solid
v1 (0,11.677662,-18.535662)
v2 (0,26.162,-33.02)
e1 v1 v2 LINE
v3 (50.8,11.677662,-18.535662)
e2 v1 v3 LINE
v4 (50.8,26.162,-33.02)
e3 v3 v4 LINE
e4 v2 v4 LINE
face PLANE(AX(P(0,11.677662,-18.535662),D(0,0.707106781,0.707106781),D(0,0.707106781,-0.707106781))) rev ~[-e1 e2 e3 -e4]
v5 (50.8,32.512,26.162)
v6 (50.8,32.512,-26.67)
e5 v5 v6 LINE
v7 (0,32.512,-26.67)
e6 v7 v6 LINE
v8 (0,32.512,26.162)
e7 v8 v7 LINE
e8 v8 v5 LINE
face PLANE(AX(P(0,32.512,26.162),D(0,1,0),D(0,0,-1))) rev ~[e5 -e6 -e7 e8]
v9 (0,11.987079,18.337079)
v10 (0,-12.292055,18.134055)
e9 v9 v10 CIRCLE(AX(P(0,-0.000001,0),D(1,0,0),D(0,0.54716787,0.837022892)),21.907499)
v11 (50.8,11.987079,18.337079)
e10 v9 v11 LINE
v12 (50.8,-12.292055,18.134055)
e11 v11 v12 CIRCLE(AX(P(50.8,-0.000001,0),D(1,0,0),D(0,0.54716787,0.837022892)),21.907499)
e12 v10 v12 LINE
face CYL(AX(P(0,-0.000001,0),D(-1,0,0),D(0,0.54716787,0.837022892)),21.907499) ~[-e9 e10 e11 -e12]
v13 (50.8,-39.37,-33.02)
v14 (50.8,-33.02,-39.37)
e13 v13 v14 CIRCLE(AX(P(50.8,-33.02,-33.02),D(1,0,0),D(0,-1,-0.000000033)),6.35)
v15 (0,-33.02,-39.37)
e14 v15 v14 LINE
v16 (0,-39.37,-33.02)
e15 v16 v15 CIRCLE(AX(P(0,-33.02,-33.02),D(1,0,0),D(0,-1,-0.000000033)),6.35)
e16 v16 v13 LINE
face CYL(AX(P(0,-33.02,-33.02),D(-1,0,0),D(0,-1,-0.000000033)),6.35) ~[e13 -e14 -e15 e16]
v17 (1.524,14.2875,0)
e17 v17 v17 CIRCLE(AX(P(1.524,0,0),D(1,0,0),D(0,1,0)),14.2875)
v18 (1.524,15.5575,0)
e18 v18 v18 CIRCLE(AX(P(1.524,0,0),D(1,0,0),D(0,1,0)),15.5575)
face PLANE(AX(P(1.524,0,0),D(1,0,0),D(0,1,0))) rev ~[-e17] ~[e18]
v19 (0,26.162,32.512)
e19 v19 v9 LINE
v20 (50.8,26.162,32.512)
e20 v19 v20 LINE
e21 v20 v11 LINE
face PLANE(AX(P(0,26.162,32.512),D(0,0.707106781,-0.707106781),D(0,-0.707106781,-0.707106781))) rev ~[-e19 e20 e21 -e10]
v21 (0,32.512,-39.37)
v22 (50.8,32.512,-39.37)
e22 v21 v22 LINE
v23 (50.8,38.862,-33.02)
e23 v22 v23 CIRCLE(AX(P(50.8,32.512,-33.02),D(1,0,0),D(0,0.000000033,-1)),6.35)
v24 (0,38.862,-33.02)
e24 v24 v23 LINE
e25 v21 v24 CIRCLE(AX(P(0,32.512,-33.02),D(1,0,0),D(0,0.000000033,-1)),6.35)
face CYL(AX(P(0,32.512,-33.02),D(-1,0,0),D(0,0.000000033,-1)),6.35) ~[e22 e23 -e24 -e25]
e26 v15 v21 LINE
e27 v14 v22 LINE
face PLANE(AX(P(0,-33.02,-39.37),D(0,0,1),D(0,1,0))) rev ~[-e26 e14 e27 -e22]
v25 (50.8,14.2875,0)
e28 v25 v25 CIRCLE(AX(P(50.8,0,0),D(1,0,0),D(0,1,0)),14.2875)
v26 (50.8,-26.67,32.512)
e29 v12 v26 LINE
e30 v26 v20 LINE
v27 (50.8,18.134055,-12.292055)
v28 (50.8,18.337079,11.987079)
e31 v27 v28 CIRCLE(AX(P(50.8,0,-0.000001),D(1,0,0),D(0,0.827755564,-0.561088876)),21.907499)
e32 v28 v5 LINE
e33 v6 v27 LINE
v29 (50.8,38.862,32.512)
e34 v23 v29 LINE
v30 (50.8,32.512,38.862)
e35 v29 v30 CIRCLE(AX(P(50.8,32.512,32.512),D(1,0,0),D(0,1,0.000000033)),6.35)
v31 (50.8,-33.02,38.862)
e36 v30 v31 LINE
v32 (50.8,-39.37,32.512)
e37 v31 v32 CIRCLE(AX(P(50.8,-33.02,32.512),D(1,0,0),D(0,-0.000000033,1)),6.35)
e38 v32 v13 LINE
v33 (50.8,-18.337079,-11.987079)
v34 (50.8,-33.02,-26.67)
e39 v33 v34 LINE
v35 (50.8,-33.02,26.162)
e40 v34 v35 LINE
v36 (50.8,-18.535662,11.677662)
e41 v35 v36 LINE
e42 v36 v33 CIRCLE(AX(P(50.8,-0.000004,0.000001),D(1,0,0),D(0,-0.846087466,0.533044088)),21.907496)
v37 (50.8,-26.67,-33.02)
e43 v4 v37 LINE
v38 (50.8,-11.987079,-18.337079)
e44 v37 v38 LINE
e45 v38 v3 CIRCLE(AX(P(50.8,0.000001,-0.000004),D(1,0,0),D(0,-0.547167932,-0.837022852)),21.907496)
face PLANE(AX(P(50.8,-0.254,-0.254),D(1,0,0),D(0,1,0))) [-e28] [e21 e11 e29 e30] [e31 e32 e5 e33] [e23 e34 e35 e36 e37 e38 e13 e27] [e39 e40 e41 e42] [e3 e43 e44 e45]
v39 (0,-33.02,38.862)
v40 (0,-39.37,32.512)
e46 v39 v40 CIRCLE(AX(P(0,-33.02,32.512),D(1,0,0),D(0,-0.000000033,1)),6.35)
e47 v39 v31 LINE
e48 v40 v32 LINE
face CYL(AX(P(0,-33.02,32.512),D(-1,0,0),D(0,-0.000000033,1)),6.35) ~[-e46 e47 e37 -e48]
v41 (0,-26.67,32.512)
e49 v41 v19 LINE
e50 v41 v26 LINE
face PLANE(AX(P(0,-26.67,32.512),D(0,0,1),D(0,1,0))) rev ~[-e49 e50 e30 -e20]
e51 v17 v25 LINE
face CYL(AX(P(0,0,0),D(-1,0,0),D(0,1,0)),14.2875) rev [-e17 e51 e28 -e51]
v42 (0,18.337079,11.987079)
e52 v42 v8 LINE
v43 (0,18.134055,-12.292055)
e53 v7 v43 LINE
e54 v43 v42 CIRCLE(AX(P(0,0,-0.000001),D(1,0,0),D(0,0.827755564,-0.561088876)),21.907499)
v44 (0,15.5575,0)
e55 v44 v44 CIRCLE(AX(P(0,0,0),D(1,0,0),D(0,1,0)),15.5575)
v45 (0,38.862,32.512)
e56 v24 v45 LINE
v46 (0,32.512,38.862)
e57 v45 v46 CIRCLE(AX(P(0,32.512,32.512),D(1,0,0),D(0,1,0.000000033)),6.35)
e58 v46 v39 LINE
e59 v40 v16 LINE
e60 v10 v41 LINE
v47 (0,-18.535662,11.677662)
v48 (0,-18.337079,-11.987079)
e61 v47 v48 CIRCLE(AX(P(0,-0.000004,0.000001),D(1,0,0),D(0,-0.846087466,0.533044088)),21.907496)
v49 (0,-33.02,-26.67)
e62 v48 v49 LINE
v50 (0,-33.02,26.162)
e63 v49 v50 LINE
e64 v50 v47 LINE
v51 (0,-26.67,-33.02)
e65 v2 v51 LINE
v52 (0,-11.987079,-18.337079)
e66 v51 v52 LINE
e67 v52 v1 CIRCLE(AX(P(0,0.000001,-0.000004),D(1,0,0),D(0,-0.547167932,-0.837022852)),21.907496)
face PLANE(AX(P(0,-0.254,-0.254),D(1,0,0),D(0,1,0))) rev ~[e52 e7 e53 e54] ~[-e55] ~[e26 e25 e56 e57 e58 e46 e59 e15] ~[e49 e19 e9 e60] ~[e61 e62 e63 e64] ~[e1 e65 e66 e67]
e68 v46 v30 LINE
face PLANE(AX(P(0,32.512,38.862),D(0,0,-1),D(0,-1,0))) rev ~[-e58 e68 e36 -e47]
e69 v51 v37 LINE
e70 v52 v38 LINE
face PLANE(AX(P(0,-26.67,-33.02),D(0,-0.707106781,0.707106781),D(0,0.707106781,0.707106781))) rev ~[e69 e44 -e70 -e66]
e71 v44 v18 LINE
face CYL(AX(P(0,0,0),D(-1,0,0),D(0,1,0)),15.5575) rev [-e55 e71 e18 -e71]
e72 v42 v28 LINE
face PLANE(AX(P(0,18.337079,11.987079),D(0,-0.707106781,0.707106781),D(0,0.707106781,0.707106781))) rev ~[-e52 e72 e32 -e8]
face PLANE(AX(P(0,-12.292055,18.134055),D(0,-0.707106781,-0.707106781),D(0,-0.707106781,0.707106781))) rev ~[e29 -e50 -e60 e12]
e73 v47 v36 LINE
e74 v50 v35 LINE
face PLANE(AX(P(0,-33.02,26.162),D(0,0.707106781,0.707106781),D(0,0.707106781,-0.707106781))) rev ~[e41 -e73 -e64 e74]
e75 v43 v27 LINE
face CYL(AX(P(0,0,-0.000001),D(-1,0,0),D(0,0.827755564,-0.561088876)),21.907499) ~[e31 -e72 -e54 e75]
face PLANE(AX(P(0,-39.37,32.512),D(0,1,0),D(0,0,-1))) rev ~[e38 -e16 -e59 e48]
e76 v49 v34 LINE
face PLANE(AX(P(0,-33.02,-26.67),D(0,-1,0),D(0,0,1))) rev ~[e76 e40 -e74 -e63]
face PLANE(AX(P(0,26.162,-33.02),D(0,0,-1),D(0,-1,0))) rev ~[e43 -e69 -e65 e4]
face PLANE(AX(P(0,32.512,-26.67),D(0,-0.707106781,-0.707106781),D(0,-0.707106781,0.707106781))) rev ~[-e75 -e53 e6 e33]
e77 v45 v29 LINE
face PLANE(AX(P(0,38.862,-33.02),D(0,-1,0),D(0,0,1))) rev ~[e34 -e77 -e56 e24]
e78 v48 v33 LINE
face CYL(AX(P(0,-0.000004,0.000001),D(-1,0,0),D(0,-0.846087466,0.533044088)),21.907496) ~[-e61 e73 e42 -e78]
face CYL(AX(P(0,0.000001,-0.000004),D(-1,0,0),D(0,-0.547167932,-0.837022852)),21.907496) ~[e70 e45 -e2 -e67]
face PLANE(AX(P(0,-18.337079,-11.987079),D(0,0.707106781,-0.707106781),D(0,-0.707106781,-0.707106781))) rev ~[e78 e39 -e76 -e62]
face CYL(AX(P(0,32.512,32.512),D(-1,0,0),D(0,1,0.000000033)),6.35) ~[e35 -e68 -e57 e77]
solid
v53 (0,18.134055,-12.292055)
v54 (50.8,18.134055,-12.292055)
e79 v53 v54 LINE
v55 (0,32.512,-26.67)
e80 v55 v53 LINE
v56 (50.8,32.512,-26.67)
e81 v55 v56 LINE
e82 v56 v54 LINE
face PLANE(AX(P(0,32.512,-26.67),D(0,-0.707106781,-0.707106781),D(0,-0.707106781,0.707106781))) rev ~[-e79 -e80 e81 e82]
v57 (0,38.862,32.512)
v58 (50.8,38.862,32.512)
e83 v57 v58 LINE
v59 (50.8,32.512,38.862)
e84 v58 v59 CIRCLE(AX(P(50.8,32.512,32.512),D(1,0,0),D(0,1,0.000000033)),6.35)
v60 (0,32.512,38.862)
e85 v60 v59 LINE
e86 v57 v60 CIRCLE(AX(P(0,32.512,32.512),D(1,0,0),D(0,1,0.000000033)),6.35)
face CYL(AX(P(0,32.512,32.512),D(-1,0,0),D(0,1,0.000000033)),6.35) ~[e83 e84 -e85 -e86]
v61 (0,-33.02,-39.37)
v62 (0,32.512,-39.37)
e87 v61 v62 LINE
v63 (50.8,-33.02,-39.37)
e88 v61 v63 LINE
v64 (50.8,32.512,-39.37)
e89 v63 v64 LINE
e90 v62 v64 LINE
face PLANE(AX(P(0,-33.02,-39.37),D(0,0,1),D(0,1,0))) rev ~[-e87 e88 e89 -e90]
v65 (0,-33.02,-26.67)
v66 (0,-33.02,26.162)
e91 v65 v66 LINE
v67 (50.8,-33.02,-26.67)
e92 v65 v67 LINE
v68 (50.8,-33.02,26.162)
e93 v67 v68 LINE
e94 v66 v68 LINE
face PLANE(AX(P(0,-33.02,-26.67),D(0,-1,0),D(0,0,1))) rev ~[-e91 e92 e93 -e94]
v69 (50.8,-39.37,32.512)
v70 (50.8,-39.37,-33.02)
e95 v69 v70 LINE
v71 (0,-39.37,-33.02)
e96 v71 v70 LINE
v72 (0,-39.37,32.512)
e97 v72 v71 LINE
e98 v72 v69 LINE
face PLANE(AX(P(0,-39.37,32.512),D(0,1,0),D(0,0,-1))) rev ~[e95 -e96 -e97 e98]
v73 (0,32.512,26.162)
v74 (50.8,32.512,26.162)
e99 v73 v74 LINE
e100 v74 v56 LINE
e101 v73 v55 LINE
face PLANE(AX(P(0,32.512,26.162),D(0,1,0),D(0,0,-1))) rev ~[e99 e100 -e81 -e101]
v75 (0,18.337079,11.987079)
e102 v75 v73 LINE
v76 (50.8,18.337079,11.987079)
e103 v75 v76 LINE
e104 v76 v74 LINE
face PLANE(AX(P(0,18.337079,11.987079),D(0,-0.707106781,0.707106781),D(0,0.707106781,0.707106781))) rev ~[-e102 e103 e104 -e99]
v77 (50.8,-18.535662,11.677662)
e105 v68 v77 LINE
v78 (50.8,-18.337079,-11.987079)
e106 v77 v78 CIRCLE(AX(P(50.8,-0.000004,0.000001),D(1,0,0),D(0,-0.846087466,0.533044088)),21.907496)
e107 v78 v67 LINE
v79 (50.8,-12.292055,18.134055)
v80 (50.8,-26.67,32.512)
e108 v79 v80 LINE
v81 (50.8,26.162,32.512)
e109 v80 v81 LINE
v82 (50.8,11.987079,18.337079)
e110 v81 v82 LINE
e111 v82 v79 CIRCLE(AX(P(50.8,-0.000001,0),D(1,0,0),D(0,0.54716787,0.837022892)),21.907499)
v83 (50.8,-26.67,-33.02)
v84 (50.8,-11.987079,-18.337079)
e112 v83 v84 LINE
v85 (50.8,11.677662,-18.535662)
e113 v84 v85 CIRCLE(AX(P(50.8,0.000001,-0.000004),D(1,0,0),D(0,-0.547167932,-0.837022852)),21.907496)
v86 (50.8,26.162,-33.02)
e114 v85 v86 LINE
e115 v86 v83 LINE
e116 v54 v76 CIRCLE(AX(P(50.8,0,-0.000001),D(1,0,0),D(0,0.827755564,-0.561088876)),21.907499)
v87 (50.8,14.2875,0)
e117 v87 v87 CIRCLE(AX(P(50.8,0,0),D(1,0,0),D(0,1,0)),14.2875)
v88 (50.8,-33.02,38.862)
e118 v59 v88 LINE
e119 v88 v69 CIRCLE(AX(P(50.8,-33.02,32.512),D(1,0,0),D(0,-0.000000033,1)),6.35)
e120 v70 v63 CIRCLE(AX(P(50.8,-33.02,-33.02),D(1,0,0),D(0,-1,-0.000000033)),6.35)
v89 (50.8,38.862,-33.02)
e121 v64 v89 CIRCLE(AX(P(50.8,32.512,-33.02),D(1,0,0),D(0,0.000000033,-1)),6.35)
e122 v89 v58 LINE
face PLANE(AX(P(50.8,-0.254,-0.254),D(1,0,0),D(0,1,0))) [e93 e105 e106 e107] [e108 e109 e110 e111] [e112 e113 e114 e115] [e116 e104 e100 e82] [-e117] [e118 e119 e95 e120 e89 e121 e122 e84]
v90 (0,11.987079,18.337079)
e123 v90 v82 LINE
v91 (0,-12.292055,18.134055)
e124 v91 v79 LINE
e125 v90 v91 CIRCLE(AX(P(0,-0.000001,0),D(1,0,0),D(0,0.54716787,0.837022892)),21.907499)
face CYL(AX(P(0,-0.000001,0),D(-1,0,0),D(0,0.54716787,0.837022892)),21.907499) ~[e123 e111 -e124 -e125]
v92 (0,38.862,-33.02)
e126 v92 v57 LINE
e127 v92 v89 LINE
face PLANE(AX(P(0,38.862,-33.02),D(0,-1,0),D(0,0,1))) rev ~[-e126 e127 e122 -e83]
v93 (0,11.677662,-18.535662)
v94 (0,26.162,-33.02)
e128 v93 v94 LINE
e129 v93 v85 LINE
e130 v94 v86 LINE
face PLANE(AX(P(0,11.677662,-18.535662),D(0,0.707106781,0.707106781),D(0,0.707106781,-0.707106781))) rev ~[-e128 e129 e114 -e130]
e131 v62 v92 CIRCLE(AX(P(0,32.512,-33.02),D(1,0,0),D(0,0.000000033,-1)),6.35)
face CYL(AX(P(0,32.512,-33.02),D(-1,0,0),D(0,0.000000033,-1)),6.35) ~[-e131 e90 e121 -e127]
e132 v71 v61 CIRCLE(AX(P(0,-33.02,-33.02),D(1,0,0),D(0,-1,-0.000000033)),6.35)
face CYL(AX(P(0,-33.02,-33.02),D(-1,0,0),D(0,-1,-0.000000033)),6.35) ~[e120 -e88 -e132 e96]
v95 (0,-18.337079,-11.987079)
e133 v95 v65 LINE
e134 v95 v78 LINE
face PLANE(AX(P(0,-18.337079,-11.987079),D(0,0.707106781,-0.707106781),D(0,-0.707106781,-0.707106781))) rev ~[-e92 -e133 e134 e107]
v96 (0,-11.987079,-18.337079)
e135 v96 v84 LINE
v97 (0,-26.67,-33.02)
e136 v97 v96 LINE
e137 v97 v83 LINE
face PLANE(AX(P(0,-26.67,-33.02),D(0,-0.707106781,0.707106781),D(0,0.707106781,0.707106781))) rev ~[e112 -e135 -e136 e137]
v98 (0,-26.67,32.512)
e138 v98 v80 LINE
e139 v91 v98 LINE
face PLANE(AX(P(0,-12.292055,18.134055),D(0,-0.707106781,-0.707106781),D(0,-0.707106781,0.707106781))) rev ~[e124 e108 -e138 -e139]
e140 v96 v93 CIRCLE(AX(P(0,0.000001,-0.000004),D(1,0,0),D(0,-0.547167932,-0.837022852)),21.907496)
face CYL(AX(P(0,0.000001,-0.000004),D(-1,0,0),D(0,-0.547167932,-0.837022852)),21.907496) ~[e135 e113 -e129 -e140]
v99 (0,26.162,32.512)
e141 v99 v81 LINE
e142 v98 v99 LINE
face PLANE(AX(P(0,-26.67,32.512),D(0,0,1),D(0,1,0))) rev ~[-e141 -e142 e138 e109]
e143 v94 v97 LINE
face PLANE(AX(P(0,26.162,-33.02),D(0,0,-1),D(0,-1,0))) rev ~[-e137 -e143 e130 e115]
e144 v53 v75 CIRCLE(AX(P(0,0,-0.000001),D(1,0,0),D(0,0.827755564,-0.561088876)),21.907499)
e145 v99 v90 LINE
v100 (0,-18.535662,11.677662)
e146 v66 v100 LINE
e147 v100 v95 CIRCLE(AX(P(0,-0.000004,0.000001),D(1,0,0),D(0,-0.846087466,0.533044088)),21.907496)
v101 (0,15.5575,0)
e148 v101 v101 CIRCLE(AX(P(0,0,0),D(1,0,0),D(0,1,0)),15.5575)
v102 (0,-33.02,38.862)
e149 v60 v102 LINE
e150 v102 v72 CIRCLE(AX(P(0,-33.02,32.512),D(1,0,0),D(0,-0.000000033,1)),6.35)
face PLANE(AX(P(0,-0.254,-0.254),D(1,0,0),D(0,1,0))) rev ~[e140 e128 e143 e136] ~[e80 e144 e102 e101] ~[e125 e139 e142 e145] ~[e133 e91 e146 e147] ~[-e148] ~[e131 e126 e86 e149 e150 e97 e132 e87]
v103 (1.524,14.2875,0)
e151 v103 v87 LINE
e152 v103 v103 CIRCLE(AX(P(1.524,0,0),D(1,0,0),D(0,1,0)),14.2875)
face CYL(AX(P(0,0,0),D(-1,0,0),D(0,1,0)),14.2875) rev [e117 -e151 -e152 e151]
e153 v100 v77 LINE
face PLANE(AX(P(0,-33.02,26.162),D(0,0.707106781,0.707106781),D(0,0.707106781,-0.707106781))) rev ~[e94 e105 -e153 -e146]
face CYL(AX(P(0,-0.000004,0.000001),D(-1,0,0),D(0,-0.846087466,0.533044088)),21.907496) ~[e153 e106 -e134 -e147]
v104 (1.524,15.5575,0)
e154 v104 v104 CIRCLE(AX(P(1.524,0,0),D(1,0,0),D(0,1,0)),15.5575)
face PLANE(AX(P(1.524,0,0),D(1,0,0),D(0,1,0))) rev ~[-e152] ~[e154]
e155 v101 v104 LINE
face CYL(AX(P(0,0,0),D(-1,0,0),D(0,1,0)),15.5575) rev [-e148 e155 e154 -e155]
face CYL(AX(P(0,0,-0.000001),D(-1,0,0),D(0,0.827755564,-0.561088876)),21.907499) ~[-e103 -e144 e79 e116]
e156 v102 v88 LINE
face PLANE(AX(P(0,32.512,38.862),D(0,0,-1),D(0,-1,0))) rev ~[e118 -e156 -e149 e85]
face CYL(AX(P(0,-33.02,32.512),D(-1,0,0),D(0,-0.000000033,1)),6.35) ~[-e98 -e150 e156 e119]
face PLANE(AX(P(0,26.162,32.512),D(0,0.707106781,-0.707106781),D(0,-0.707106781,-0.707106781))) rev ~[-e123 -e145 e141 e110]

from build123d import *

# Parameters (mm, degrees)
F0_R     = 14.2875
F1_DEPTH = 50.8
F3_DEPTH = 50.8
F2_R     = 15.5575
F2_R_2   = 14.2875
F4_DEPTH = 1.524


with BuildPart() as f1:
    # F0 (on Right) → F1 (new body)
    with BuildSketch(Plane.YZ):
        with BuildLine():
            Line((32.512, 38.862), (-33.02, 38.862))
            ThreePointArc((-33.02, 38.862), (-37.510128, 37.002128), (-39.37, 32.512))
            Line((-39.37, 32.512), (-39.37, -33.02))
            ThreePointArc((-39.37, -33.02), (-37.510128, -37.510128), (-33.02, -39.37))
            Line((-33.02, -39.37), (32.512, -39.37))
            ThreePointArc((32.512, -39.37), (37.002128, -37.510128), (38.862, -33.02))
            Line((38.862, -33.02), (38.862, 32.512))
            ThreePointArc((38.862, 32.512), (37.002128, 37.002128), (32.512, 38.862))
        make_face()
        with BuildLine():
            Line((11.677662, -18.535662), (26.162, -33.02))
            Line((26.162, -33.02), (-26.67, -33.02))
            Line((-26.67, -33.02), (-11.987079, -18.337079))
            ThreePointArc((-11.987079, -18.337079), (-0.18383, -21.906729), (11.677662, -18.535662))
        make_face(mode=Mode.SUBTRACT)
        with BuildLine():
            Line((-33.02, -26.67), (-33.02, 26.162))
            Line((-33.02, 26.162), (-18.535662, 11.677662))
            ThreePointArc((-18.535662, 11.677662), (-21.906729, -0.18383), (-18.337079, -11.987079))
            Line((-18.337079, -11.987079), (-33.02, -26.67))
        make_face(mode=Mode.SUBTRACT)
        Circle(F0_R, mode=Mode.SUBTRACT)
        with BuildLine():
            Line((18.337079, 11.987079), (32.512, 26.162))
            Line((32.512, 26.162), (32.512, -26.67))
            Line((32.512, -26.67), (18.134055, -12.292055))
            ThreePointArc((18.134055, -12.292055), (21.906734, -0.183186), (18.337079, 11.987079))
        make_face(mode=Mode.SUBTRACT)
        with BuildLine():
            Line((-26.67, 32.512), (26.162, 32.512))
            Line((26.162, 32.512), (11.987079, 18.337079))
            ThreePointArc((11.987079, 18.337079), (-0.183186, 21.906734), (-12.292055, 18.134055))
            Line((-12.292055, 18.134055), (-26.67, 32.512))
        make_face(mode=Mode.SUBTRACT)
    extrude(amount=F1_DEPTH)


with BuildPart() as f3:
    # F0 (on Right) → F3 (new body)
    with BuildSketch(Plane.YZ):
        with BuildLine():
            Line((32.512, 38.862), (-33.02, 38.862))
            ThreePointArc((-33.02, 38.862), (-37.510128, 37.002128), (-39.37, 32.512))
            Line((-39.37, 32.512), (-39.37, -33.02))
            ThreePointArc((-39.37, -33.02), (-37.510128, -37.510128), (-33.02, -39.37))
            Line((-33.02, -39.37), (32.512, -39.37))
            ThreePointArc((32.512, -39.37), (37.002128, -37.510128), (38.862, -33.02))
            Line((38.862, -33.02), (38.862, 32.512))
            ThreePointArc((38.862, 32.512), (37.002128, 37.002128), (32.512, 38.862))
        make_face()
        with BuildLine():
            Line((11.677662, -18.535662), (26.162, -33.02))
            Line((26.162, -33.02), (-26.67, -33.02))
            Line((-26.67, -33.02), (-11.987079, -18.337079))
            ThreePointArc((-11.987079, -18.337079), (-0.18383, -21.906729), (11.677662, -18.535662))
        make_face(mode=Mode.SUBTRACT)
        with BuildLine():
            Line((-33.02, -26.67), (-33.02, 26.162))
            Line((-33.02, 26.162), (-18.535662, 11.677662))
            ThreePointArc((-18.535662, 11.677662), (-21.906729, -0.18383), (-18.337079, -11.987079))
            Line((-18.337079, -11.987079), (-33.02, -26.67))
        make_face(mode=Mode.SUBTRACT)
        Circle(F0_R, mode=Mode.SUBTRACT)
        with BuildLine():
            Line((18.337079, 11.987079), (32.512, 26.162))
            Line((32.512, 26.162), (32.512, -26.67))
            Line((32.512, -26.67), (18.134055, -12.292055))
            ThreePointArc((18.134055, -12.292055), (21.906734, -0.183186), (18.337079, 11.987079))
        make_face(mode=Mode.SUBTRACT)
        with BuildLine():
            Line((-26.67, 32.512), (26.162, 32.512))
            Line((26.162, 32.512), (11.987079, 18.337079))
            ThreePointArc((11.987079, 18.337079), (-0.183186, 21.906734), (-12.292055, 18.134055))
            Line((-12.292055, 18.134055), (-26.67, 32.512))
        make_face(mode=Mode.SUBTRACT)
    extrude(amount=F3_DEPTH)


with BuildPart() as f4_tool:
    # F2 (on Right) → F4 (new body)
    with BuildSketch(Plane.YZ):
        Circle(F2_R)
        Circle(F2_R_2, mode=Mode.SUBTRACT)
    extrude(amount=F4_DEPTH)


with BuildPart() as f1_1:
    add(f1.part)

    # F4: cut by f4_tool
    add(f4_tool.part, mode=Mode.SUBTRACT)


with BuildPart() as f3_1:
    add(f3.part)

    # F4: cut by f4_tool
    add(f4_tool.part, mode=Mode.SUBTRACT)


solid = Compound([f1_1.part, f3_1.part])
